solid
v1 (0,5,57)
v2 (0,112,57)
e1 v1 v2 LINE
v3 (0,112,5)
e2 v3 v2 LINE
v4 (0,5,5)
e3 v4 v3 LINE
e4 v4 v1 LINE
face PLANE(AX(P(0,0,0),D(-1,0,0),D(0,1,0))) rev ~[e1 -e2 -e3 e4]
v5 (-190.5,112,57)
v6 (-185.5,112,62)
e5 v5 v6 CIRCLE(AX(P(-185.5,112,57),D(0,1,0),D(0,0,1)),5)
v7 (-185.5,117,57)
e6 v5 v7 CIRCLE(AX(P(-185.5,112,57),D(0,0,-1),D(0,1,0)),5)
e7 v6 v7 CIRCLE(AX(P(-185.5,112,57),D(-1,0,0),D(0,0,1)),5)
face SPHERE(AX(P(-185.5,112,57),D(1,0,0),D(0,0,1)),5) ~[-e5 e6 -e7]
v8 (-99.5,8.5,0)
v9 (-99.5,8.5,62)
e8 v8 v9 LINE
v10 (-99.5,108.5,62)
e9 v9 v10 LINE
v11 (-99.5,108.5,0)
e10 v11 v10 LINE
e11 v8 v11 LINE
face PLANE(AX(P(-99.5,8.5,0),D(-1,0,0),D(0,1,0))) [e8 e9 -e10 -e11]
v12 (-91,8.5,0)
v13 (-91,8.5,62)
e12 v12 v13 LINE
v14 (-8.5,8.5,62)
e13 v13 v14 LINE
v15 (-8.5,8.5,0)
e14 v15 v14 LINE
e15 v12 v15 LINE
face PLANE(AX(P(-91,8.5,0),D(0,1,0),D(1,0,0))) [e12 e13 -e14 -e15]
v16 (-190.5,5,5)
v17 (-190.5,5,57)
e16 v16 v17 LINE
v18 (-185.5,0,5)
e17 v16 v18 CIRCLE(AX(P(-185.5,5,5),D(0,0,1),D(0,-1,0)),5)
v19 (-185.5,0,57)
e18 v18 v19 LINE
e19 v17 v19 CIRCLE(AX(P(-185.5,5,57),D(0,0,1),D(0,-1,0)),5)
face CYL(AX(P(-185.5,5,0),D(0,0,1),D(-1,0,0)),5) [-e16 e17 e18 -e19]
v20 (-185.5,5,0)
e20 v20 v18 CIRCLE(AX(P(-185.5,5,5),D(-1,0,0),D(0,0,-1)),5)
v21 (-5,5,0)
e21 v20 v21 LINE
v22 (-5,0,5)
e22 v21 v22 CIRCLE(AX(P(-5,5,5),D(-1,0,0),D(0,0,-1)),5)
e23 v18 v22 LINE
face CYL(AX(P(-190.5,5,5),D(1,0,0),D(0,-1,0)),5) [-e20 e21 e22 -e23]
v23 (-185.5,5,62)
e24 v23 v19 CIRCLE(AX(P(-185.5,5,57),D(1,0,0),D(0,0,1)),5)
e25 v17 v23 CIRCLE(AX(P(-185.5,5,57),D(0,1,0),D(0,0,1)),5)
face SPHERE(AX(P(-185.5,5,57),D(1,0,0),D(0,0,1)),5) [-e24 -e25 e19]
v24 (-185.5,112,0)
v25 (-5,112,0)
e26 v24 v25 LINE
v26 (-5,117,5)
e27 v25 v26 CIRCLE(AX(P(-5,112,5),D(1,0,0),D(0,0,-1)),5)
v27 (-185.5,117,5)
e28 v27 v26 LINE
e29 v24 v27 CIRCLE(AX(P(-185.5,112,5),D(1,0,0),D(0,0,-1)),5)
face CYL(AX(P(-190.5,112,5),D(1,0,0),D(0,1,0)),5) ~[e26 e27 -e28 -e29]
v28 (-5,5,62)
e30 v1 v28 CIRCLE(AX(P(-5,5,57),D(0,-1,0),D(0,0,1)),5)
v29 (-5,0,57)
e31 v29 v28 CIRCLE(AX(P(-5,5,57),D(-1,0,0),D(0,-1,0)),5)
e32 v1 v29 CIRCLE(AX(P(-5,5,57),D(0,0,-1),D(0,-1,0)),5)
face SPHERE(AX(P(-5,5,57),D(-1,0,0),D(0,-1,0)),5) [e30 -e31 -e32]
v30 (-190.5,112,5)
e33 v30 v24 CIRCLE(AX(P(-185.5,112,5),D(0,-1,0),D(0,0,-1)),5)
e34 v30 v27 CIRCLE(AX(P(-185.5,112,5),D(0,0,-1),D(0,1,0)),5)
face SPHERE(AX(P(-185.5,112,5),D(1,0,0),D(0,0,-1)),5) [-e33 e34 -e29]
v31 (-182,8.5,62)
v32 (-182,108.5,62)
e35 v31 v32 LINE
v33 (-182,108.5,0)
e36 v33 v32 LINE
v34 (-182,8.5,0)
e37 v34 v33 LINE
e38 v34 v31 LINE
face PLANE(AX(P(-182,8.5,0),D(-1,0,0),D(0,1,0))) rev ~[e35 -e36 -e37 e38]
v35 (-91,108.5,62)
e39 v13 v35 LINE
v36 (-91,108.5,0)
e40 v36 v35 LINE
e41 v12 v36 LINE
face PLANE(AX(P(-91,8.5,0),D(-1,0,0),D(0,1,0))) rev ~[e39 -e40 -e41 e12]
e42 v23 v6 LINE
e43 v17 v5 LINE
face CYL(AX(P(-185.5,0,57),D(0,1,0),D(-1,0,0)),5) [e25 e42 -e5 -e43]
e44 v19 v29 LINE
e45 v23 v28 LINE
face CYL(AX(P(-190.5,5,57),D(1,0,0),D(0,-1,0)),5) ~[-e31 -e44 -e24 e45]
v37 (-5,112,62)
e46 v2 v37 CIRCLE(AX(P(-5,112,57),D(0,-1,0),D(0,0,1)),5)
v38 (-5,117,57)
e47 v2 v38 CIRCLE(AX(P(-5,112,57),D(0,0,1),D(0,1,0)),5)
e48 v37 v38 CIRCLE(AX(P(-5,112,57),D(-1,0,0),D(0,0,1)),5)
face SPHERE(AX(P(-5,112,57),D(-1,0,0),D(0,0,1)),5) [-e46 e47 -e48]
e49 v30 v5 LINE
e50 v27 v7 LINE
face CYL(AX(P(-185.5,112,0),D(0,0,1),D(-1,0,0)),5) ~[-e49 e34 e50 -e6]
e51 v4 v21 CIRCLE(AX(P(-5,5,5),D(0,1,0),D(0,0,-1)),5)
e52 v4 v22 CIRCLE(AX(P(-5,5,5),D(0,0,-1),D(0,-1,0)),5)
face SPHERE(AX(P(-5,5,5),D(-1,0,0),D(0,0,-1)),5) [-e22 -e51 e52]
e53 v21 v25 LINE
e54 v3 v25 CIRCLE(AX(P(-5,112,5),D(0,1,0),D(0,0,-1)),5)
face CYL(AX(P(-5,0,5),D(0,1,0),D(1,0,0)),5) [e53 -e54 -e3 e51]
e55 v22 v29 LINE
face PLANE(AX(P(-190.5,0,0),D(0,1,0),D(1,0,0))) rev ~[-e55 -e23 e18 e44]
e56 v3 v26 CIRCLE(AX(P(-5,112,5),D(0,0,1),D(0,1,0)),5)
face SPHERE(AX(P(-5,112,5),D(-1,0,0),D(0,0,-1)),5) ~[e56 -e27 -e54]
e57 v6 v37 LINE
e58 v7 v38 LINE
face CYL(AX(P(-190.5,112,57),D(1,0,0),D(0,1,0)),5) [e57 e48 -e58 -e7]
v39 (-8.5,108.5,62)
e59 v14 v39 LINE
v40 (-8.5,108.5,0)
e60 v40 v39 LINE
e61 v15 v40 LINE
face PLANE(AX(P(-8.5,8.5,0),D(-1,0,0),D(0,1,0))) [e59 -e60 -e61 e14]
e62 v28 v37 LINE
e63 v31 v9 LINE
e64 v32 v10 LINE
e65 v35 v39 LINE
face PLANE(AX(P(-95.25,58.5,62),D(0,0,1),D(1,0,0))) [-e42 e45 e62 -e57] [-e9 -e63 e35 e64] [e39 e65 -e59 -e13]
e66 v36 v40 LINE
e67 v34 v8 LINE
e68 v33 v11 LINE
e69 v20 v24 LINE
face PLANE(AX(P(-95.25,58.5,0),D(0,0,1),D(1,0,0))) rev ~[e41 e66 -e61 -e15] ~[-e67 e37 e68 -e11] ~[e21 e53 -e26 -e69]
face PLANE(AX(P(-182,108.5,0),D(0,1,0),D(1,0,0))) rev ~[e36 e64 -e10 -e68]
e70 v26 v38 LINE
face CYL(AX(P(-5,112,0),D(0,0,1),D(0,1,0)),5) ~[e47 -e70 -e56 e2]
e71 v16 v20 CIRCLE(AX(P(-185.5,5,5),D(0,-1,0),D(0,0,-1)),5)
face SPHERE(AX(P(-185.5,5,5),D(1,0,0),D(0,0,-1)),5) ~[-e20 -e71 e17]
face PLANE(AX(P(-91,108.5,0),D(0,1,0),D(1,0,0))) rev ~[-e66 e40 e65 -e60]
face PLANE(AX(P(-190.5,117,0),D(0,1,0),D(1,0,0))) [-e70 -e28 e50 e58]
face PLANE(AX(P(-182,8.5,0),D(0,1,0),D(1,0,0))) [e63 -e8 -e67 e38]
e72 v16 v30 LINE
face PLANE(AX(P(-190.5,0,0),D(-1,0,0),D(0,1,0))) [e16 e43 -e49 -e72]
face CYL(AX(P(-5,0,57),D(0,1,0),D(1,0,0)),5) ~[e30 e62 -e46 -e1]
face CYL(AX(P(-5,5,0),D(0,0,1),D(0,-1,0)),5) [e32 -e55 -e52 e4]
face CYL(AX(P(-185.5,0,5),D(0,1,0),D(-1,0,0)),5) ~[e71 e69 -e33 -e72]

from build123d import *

# Parameters (mm, degrees)
F0_W     = 190.5
F0_H     = 117
F0_W_2   = 82.5
F0_H_2   = 100
F1_DEPTH = 62
F2_R     = 5


with BuildPart() as f1:
    # F0 (on Top) → F1 (new body)
    with BuildSketch(Plane.XY):
        with Locations((-95.25, 58.5)):
            Rectangle(F0_W, F0_H)
        with Locations((-140.75, 58.5)):
            Rectangle(F0_W_2, F0_H_2, mode=Mode.SUBTRACT)
        with Locations((-49.75, 58.5)):
            Rectangle(F0_W_2, F0_H_2, mode=Mode.SUBTRACT)
    extrude(amount=F1_DEPTH)

    # F2
    f2_edges = [f1.edges().sort_by_distance(p)[0] for p in [
        (-95.25, 117, 62),
        (-95.25, 117, 0),
        (-95.25, 0, 62),
        (-95.25, 0, 0),
        (-190.5, 58.5, 0),
        (-190.5, 58.5, 62),
        (0, 58.5, 0),
        (0, 0, 31),
        (0, 58.5, 62),
        (0, 117, 31),
        (-190.5, 117, 31),
        (-190.5, 0, 31),
    ]]
    fillet(f2_edges, radius=F2_R)


solid = f1.part
